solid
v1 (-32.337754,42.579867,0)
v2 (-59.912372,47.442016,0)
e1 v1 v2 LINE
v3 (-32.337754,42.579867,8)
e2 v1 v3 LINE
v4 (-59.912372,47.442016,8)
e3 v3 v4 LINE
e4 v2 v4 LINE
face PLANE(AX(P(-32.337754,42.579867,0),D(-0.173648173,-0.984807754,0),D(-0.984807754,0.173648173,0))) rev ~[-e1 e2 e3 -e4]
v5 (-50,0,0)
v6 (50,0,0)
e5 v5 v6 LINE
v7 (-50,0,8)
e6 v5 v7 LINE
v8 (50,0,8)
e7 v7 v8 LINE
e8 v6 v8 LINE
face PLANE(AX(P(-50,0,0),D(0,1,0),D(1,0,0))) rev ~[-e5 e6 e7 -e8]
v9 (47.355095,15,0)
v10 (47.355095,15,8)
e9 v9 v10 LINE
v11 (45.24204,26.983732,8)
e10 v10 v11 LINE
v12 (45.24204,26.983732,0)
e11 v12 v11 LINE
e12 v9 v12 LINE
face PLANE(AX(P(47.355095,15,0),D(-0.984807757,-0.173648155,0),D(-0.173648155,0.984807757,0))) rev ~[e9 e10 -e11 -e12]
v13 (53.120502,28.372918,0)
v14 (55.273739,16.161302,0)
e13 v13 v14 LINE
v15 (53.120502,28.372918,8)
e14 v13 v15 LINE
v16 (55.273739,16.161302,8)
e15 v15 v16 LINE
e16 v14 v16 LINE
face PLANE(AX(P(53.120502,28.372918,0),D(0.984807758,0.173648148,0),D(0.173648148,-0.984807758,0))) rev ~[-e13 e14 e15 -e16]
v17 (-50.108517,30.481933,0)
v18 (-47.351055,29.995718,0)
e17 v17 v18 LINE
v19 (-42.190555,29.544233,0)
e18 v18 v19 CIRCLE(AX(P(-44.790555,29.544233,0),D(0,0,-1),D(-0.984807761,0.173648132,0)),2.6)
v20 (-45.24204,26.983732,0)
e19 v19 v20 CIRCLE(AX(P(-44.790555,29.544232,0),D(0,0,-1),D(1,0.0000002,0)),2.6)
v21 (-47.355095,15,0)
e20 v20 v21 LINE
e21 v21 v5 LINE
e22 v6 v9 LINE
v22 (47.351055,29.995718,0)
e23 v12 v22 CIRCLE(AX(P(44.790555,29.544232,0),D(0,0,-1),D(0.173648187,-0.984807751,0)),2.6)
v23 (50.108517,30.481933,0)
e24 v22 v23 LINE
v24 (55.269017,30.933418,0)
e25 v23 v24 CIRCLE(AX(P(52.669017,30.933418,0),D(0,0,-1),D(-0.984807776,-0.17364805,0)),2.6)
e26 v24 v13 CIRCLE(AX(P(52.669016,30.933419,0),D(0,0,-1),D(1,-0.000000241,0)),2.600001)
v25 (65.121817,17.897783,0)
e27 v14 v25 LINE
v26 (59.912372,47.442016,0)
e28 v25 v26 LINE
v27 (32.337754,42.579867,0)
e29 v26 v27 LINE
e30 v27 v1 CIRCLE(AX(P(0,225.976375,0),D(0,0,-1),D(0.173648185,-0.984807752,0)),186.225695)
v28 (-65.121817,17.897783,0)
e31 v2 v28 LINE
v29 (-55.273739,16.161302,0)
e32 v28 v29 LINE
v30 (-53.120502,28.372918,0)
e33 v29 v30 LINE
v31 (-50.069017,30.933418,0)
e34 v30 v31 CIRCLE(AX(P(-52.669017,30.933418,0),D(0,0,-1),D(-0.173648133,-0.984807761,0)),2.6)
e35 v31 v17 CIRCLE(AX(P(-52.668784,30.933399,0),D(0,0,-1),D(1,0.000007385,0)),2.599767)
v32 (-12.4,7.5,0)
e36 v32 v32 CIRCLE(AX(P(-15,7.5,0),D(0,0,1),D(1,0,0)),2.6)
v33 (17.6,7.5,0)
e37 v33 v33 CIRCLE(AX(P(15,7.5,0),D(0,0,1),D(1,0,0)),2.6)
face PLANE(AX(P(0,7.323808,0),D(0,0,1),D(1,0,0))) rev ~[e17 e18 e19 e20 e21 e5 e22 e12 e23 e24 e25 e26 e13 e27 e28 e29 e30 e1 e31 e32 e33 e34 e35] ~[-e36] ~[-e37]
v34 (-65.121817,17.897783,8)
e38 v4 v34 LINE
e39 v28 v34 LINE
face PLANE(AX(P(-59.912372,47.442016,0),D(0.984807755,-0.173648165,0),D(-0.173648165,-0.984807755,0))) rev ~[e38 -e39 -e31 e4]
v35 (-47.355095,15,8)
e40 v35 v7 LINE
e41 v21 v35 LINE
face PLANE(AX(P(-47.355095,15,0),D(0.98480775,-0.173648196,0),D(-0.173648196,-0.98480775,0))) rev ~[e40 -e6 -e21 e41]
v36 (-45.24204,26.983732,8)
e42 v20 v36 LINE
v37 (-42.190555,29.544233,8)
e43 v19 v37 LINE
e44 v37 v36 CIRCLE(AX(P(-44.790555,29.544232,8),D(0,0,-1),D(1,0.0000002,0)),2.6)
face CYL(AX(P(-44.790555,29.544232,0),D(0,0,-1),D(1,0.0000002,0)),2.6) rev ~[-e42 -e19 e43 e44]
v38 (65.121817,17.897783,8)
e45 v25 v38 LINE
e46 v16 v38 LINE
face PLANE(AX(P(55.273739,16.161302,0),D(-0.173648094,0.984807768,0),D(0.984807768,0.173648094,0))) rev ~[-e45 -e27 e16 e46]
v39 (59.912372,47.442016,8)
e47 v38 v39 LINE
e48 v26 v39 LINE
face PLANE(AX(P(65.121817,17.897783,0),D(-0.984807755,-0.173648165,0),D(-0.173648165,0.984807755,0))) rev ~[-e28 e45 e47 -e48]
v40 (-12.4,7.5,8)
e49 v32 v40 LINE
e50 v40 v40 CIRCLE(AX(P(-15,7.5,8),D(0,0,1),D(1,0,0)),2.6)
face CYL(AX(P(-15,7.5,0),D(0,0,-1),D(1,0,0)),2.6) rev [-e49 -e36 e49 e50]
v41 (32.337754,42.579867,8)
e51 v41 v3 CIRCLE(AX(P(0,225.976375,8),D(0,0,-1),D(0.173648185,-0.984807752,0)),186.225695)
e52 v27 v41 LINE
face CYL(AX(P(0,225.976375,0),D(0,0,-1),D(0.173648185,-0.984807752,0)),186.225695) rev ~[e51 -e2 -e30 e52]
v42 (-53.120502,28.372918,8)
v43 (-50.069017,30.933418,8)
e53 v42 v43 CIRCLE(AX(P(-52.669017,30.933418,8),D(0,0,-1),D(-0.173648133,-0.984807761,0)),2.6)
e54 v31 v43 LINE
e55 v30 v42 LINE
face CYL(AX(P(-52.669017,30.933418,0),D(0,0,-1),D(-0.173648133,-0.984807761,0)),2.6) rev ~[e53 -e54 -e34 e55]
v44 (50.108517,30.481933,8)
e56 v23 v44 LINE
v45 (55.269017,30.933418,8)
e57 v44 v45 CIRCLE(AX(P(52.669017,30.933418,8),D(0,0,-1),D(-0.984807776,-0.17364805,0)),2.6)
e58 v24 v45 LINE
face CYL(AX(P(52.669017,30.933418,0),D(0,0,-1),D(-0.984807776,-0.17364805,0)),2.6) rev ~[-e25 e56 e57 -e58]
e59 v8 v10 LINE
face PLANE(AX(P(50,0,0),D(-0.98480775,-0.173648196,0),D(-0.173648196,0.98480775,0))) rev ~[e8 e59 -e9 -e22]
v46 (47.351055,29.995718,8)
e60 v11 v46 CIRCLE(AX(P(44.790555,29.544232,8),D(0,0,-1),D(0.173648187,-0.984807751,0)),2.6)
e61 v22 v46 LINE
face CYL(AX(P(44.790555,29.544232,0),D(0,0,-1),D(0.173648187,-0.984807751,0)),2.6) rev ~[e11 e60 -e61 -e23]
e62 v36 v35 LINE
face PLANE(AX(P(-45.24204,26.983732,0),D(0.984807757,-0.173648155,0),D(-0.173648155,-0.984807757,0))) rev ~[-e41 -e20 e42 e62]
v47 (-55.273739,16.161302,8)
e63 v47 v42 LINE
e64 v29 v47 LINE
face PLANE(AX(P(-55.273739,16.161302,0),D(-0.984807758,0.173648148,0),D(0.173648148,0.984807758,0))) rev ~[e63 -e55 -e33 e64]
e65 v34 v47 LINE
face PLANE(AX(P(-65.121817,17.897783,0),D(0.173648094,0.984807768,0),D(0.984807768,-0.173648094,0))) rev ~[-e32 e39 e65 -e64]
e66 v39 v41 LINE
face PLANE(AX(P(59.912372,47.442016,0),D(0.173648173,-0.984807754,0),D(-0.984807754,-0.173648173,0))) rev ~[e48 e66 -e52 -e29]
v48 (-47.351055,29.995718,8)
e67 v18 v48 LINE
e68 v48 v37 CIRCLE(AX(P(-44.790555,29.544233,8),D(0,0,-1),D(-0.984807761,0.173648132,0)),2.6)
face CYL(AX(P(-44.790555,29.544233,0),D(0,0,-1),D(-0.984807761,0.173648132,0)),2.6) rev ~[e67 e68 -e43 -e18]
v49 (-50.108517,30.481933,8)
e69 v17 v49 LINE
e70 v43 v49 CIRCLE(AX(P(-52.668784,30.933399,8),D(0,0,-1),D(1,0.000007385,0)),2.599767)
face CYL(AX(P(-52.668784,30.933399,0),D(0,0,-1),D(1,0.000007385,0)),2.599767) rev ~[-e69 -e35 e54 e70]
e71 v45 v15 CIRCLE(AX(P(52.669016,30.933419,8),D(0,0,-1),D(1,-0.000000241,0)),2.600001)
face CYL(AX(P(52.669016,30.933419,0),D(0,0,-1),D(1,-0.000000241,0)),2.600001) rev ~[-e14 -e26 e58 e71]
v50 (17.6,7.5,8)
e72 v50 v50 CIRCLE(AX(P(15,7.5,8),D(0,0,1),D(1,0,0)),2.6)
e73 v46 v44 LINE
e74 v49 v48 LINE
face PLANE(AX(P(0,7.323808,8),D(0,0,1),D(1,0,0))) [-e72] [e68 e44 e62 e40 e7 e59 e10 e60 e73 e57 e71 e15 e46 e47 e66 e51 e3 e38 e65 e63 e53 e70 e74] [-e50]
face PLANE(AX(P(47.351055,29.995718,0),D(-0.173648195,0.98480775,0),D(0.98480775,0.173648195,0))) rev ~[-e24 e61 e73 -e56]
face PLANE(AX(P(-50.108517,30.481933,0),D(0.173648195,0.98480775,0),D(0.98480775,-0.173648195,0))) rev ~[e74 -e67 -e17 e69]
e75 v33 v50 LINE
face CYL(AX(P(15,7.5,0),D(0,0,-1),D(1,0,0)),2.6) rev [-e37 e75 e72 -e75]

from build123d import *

# Parameters (mm, degrees)
F0_R     = 2.6
F1_DEPTH = 8


with BuildPart() as f1:
    # F0 (on Top) → F1 (new body)
    with BuildSketch(Plane.XY):
        Polygon((-37.200829, 15), (-47.355095, 15), (-50, 0), (50, 0), (47.355095, 15), (37.200829, 15), align=None)
        with Locations((-15, 7.5)):
            Circle(F0_R, mode=Mode.SUBTRACT)
        with Locations((0, 7.5)):
            Circle(F0_R, mode=Mode.SUBTRACT)
        with Locations((15, 7.5)):
            Circle(F0_R, mode=Mode.SUBTRACT)
        with Locations((0, 7.5)):
            Circle(F0_R)
        with BuildLine():
            Line((-45.24204, 26.983732), (-47.355095, 15))
            Line((-47.355095, 15), (-37.200829, 15))
            Line((-37.200829, 15), (-32.337754, 42.579867))
            Line((-32.337754, 42.579867), (-59.912372, 47.442016))
            Line((-59.912372, 47.442016), (-65.121817, 17.897783))
            Line((-65.121817, 17.897783), (-55.273739, 16.161302))
            Line((-55.273739, 16.161302), (-53.120502, 28.372918))
            ThreePointArc((-53.120502, 28.372918), (-54.340264, 32.925134), (-50.069017, 30.933418))
            ThreePointArc((-50.069017, 30.933418), (-50.07891, 30.706813), (-50.108517, 30.481933))
            Line((-50.108517, 30.481933), (-47.351055, 29.995718))
            ThreePointArc((-47.351055, 29.995718), (-44.56395, 32.134339), (-42.190555, 29.544233))
            ThreePointArc((-42.190555, 29.544233), (-43.119307, 27.552517), (-45.24204, 26.983732))
        make_face()
        with BuildLine():
            Line((32.337754, 42.579867), (37.200829, 15))
            Line((37.200829, 15), (47.355095, 15))
            Line((47.355095, 15), (45.24204, 26.983732))
            ThreePointArc((45.24204, 26.983732), (42.660759, 31.035531), (47.351055, 29.995718))
            Line((47.351055, 29.995718), (50.108517, 30.481933))
            ThreePointArc((50.108517, 30.481933), (52.442412, 33.523524), (55.269017, 30.933418))
            ThreePointArc((55.269017, 30.933418), (54.660732, 29.26217), (53.120502, 28.372918))
            Line((53.120502, 28.372918), (55.273739, 16.161302))
            Line((55.273739, 16.161302), (65.121817, 17.897783))
            Line((65.121817, 17.897783), (59.912372, 47.442016))
            Line((59.912372, 47.442016), (32.337754, 42.579867))
        make_face()
        with BuildLine():
            Line((-32.337754, 42.579867), (-37.200829, 15))
            Line((-37.200829, 15), (37.200829, 15))
            Line((37.200829, 15), (32.337754, 42.579867))
            ThreePointArc((32.337754, 42.579867), (0, 39.75068), (-32.337754, 42.579867))
        make_face()
    extrude(amount=F1_DEPTH)


solid = f1.part
